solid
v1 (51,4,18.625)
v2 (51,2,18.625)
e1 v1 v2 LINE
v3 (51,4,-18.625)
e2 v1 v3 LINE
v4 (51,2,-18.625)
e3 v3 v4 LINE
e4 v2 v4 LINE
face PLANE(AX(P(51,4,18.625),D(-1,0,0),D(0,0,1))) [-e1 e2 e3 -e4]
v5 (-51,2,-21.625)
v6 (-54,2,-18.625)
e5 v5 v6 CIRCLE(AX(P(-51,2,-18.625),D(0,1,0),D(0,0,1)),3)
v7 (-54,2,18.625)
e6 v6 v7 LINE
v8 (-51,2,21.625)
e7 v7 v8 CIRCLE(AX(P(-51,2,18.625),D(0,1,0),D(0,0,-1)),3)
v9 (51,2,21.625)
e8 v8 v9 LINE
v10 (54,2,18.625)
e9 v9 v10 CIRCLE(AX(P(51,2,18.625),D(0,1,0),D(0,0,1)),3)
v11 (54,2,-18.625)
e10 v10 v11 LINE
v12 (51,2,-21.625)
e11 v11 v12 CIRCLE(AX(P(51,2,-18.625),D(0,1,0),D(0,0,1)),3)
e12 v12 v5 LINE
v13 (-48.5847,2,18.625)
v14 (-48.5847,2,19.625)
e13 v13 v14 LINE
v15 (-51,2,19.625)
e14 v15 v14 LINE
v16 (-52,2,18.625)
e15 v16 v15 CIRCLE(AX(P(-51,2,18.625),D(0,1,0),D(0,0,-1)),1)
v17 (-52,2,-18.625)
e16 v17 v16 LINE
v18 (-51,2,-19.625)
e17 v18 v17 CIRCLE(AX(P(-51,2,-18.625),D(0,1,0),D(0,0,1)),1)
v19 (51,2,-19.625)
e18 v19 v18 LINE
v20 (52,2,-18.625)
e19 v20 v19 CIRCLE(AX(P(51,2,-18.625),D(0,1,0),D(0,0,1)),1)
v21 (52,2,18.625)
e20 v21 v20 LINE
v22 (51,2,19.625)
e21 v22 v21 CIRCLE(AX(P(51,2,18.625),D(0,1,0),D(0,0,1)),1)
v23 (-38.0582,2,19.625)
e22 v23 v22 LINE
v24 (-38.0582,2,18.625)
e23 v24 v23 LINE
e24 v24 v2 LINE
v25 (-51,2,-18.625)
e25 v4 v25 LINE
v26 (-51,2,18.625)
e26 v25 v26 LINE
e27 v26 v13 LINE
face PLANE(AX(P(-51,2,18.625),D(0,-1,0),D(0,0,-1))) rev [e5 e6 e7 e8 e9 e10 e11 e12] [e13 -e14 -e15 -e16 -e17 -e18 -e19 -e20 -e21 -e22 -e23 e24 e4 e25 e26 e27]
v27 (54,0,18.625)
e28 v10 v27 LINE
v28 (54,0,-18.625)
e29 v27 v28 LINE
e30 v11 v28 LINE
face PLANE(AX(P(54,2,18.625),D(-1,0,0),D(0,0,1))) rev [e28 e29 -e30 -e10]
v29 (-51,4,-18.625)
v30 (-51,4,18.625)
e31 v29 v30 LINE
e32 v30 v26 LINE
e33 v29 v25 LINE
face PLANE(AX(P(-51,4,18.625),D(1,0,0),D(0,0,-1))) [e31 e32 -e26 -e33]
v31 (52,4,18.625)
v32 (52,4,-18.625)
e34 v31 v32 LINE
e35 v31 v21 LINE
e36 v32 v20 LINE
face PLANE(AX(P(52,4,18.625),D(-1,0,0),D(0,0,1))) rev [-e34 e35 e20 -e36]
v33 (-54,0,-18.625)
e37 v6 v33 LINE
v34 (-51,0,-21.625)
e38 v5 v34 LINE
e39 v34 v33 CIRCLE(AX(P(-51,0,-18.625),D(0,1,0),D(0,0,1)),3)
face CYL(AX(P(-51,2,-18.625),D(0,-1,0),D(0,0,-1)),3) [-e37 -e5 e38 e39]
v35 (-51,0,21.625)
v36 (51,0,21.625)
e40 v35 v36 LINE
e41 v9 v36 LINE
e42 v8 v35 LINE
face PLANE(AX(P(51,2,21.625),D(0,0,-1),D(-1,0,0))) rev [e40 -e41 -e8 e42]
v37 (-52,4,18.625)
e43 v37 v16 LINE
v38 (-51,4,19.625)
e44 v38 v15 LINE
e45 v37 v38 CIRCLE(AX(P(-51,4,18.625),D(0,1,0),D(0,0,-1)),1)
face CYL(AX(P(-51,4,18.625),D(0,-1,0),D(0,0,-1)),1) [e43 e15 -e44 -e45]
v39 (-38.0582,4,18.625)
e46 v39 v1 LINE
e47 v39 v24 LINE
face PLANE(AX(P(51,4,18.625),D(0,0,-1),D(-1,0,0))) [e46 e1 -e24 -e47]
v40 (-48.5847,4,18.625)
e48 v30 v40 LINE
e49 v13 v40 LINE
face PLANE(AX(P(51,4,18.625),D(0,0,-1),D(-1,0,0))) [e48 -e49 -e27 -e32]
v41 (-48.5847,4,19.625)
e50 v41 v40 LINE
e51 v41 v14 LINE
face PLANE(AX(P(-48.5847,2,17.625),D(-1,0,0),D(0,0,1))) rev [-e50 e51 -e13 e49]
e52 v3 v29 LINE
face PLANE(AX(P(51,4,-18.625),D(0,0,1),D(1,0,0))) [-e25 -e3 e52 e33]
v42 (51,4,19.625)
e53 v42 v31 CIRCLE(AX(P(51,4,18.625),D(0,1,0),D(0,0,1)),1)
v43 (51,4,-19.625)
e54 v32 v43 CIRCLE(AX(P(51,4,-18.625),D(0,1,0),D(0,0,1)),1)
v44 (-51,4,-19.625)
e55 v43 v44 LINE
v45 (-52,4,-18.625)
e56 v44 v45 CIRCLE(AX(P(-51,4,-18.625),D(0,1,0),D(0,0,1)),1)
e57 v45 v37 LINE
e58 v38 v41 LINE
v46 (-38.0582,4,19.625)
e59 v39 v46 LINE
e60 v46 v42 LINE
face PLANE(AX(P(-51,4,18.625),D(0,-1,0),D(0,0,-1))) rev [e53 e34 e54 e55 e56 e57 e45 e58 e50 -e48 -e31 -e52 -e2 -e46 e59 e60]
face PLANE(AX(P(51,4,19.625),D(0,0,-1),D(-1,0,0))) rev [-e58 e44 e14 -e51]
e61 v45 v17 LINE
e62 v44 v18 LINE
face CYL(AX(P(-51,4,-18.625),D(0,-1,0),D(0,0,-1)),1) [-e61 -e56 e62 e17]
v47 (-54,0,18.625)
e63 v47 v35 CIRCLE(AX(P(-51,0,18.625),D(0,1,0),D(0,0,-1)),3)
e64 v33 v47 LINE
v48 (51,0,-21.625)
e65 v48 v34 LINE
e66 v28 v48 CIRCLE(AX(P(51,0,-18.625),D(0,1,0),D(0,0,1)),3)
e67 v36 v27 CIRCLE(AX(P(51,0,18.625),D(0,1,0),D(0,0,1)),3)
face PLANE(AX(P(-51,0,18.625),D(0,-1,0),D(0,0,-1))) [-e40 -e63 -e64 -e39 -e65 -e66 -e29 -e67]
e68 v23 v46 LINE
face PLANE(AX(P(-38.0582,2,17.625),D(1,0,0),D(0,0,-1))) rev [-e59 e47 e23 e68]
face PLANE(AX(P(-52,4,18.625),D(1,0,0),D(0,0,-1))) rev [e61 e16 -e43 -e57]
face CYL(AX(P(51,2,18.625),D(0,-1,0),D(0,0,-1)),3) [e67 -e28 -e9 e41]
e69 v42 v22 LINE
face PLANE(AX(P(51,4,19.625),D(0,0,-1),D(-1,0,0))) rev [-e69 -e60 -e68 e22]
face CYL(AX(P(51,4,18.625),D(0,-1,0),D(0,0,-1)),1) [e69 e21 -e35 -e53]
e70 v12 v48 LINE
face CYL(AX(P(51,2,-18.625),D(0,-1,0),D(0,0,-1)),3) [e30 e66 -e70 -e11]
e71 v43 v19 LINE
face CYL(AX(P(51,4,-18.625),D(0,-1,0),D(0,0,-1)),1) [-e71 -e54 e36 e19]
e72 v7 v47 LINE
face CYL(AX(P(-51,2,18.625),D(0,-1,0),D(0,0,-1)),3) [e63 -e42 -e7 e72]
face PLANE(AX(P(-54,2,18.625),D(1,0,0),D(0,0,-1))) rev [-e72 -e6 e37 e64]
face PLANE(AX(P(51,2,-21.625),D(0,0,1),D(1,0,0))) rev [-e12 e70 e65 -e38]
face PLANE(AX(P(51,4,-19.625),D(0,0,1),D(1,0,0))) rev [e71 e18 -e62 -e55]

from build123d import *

# Parameters (mm, degrees)
BOSS_EXTRUDE1_DEPTH = 2
SKETCH2_W           = 102
SKETCH2_H           = 37.25
BOSS_EXTRUDE2_DEPTH = 2
SKETCH3_W           = 10.5265
SKETCH3_H           = 3.907167626
CUT_EXTRUDE1_DEPTH  = 2


with BuildPart() as part:
    # Sketch1 → Boss-Extrude1 (new body)
    with BuildSketch(Plane(origin=(0, 0, 0), x_dir=(1, 0, 0), z_dir=(0, 1, 0))):
        with BuildLine():
            Line((51, -21.625), (-51, -21.625))
            ThreePointArc((-51, -21.625), (-53.121320344, -20.746320344), (-54, -18.625))
            Line((-54, -18.625), (-54, 18.625))
            ThreePointArc((-54, 18.625), (-53.121320344, 20.746320344), (-51, 21.625))
            Line((-51, 21.625), (51, 21.625))
            ThreePointArc((51, 21.625), (53.121320344, 20.746320344), (54, 18.625))
            Line((54, 18.625), (54, -18.625))
            ThreePointArc((54, -18.625), (53.121320344, -20.746320344), (51, -21.625))
        make_face()
    extrude(amount=BOSS_EXTRUDE1_DEPTH)

    # Sketch2 → Boss-Extrude2 (add)
    with BuildSketch(Plane(origin=(0, 2, 0), x_dir=(1, 0, 0), z_dir=(0, 1, 0))):
        with BuildLine():
            Line((51, -19.625), (-51, -19.625))
            ThreePointArc((-51, -19.625), (-51.707106781, -19.332106781), (-52, -18.625))
            Line((-52, -18.625), (-52, 18.625))
            ThreePointArc((-52, 18.625), (-51.707106781, 19.332106781), (-51, 19.625))
            Line((-51, 19.625), (51, 19.625))
            ThreePointArc((51, 19.625), (51.707106781, 19.332106781), (52, 18.625))
            Line((52, 18.625), (52, -18.625))
            ThreePointArc((52, -18.625), (51.707106781, -19.332106781), (51, -19.625))
        make_face()
        Rectangle(SKETCH2_W, SKETCH2_H, mode=Mode.SUBTRACT)
    extrude(amount=BOSS_EXTRUDE2_DEPTH)

    # Sketch3 → Cut-Extrude1 (cut)
    with BuildSketch(Plane.XY.offset(19.625)):
        with Locations((-43.32145, 3.953583813)):
            Rectangle(SKETCH3_W, SKETCH3_H)
    extrude(amount=-CUT_EXTRUDE1_DEPTH, mode=Mode.SUBTRACT)


solid = part.part
